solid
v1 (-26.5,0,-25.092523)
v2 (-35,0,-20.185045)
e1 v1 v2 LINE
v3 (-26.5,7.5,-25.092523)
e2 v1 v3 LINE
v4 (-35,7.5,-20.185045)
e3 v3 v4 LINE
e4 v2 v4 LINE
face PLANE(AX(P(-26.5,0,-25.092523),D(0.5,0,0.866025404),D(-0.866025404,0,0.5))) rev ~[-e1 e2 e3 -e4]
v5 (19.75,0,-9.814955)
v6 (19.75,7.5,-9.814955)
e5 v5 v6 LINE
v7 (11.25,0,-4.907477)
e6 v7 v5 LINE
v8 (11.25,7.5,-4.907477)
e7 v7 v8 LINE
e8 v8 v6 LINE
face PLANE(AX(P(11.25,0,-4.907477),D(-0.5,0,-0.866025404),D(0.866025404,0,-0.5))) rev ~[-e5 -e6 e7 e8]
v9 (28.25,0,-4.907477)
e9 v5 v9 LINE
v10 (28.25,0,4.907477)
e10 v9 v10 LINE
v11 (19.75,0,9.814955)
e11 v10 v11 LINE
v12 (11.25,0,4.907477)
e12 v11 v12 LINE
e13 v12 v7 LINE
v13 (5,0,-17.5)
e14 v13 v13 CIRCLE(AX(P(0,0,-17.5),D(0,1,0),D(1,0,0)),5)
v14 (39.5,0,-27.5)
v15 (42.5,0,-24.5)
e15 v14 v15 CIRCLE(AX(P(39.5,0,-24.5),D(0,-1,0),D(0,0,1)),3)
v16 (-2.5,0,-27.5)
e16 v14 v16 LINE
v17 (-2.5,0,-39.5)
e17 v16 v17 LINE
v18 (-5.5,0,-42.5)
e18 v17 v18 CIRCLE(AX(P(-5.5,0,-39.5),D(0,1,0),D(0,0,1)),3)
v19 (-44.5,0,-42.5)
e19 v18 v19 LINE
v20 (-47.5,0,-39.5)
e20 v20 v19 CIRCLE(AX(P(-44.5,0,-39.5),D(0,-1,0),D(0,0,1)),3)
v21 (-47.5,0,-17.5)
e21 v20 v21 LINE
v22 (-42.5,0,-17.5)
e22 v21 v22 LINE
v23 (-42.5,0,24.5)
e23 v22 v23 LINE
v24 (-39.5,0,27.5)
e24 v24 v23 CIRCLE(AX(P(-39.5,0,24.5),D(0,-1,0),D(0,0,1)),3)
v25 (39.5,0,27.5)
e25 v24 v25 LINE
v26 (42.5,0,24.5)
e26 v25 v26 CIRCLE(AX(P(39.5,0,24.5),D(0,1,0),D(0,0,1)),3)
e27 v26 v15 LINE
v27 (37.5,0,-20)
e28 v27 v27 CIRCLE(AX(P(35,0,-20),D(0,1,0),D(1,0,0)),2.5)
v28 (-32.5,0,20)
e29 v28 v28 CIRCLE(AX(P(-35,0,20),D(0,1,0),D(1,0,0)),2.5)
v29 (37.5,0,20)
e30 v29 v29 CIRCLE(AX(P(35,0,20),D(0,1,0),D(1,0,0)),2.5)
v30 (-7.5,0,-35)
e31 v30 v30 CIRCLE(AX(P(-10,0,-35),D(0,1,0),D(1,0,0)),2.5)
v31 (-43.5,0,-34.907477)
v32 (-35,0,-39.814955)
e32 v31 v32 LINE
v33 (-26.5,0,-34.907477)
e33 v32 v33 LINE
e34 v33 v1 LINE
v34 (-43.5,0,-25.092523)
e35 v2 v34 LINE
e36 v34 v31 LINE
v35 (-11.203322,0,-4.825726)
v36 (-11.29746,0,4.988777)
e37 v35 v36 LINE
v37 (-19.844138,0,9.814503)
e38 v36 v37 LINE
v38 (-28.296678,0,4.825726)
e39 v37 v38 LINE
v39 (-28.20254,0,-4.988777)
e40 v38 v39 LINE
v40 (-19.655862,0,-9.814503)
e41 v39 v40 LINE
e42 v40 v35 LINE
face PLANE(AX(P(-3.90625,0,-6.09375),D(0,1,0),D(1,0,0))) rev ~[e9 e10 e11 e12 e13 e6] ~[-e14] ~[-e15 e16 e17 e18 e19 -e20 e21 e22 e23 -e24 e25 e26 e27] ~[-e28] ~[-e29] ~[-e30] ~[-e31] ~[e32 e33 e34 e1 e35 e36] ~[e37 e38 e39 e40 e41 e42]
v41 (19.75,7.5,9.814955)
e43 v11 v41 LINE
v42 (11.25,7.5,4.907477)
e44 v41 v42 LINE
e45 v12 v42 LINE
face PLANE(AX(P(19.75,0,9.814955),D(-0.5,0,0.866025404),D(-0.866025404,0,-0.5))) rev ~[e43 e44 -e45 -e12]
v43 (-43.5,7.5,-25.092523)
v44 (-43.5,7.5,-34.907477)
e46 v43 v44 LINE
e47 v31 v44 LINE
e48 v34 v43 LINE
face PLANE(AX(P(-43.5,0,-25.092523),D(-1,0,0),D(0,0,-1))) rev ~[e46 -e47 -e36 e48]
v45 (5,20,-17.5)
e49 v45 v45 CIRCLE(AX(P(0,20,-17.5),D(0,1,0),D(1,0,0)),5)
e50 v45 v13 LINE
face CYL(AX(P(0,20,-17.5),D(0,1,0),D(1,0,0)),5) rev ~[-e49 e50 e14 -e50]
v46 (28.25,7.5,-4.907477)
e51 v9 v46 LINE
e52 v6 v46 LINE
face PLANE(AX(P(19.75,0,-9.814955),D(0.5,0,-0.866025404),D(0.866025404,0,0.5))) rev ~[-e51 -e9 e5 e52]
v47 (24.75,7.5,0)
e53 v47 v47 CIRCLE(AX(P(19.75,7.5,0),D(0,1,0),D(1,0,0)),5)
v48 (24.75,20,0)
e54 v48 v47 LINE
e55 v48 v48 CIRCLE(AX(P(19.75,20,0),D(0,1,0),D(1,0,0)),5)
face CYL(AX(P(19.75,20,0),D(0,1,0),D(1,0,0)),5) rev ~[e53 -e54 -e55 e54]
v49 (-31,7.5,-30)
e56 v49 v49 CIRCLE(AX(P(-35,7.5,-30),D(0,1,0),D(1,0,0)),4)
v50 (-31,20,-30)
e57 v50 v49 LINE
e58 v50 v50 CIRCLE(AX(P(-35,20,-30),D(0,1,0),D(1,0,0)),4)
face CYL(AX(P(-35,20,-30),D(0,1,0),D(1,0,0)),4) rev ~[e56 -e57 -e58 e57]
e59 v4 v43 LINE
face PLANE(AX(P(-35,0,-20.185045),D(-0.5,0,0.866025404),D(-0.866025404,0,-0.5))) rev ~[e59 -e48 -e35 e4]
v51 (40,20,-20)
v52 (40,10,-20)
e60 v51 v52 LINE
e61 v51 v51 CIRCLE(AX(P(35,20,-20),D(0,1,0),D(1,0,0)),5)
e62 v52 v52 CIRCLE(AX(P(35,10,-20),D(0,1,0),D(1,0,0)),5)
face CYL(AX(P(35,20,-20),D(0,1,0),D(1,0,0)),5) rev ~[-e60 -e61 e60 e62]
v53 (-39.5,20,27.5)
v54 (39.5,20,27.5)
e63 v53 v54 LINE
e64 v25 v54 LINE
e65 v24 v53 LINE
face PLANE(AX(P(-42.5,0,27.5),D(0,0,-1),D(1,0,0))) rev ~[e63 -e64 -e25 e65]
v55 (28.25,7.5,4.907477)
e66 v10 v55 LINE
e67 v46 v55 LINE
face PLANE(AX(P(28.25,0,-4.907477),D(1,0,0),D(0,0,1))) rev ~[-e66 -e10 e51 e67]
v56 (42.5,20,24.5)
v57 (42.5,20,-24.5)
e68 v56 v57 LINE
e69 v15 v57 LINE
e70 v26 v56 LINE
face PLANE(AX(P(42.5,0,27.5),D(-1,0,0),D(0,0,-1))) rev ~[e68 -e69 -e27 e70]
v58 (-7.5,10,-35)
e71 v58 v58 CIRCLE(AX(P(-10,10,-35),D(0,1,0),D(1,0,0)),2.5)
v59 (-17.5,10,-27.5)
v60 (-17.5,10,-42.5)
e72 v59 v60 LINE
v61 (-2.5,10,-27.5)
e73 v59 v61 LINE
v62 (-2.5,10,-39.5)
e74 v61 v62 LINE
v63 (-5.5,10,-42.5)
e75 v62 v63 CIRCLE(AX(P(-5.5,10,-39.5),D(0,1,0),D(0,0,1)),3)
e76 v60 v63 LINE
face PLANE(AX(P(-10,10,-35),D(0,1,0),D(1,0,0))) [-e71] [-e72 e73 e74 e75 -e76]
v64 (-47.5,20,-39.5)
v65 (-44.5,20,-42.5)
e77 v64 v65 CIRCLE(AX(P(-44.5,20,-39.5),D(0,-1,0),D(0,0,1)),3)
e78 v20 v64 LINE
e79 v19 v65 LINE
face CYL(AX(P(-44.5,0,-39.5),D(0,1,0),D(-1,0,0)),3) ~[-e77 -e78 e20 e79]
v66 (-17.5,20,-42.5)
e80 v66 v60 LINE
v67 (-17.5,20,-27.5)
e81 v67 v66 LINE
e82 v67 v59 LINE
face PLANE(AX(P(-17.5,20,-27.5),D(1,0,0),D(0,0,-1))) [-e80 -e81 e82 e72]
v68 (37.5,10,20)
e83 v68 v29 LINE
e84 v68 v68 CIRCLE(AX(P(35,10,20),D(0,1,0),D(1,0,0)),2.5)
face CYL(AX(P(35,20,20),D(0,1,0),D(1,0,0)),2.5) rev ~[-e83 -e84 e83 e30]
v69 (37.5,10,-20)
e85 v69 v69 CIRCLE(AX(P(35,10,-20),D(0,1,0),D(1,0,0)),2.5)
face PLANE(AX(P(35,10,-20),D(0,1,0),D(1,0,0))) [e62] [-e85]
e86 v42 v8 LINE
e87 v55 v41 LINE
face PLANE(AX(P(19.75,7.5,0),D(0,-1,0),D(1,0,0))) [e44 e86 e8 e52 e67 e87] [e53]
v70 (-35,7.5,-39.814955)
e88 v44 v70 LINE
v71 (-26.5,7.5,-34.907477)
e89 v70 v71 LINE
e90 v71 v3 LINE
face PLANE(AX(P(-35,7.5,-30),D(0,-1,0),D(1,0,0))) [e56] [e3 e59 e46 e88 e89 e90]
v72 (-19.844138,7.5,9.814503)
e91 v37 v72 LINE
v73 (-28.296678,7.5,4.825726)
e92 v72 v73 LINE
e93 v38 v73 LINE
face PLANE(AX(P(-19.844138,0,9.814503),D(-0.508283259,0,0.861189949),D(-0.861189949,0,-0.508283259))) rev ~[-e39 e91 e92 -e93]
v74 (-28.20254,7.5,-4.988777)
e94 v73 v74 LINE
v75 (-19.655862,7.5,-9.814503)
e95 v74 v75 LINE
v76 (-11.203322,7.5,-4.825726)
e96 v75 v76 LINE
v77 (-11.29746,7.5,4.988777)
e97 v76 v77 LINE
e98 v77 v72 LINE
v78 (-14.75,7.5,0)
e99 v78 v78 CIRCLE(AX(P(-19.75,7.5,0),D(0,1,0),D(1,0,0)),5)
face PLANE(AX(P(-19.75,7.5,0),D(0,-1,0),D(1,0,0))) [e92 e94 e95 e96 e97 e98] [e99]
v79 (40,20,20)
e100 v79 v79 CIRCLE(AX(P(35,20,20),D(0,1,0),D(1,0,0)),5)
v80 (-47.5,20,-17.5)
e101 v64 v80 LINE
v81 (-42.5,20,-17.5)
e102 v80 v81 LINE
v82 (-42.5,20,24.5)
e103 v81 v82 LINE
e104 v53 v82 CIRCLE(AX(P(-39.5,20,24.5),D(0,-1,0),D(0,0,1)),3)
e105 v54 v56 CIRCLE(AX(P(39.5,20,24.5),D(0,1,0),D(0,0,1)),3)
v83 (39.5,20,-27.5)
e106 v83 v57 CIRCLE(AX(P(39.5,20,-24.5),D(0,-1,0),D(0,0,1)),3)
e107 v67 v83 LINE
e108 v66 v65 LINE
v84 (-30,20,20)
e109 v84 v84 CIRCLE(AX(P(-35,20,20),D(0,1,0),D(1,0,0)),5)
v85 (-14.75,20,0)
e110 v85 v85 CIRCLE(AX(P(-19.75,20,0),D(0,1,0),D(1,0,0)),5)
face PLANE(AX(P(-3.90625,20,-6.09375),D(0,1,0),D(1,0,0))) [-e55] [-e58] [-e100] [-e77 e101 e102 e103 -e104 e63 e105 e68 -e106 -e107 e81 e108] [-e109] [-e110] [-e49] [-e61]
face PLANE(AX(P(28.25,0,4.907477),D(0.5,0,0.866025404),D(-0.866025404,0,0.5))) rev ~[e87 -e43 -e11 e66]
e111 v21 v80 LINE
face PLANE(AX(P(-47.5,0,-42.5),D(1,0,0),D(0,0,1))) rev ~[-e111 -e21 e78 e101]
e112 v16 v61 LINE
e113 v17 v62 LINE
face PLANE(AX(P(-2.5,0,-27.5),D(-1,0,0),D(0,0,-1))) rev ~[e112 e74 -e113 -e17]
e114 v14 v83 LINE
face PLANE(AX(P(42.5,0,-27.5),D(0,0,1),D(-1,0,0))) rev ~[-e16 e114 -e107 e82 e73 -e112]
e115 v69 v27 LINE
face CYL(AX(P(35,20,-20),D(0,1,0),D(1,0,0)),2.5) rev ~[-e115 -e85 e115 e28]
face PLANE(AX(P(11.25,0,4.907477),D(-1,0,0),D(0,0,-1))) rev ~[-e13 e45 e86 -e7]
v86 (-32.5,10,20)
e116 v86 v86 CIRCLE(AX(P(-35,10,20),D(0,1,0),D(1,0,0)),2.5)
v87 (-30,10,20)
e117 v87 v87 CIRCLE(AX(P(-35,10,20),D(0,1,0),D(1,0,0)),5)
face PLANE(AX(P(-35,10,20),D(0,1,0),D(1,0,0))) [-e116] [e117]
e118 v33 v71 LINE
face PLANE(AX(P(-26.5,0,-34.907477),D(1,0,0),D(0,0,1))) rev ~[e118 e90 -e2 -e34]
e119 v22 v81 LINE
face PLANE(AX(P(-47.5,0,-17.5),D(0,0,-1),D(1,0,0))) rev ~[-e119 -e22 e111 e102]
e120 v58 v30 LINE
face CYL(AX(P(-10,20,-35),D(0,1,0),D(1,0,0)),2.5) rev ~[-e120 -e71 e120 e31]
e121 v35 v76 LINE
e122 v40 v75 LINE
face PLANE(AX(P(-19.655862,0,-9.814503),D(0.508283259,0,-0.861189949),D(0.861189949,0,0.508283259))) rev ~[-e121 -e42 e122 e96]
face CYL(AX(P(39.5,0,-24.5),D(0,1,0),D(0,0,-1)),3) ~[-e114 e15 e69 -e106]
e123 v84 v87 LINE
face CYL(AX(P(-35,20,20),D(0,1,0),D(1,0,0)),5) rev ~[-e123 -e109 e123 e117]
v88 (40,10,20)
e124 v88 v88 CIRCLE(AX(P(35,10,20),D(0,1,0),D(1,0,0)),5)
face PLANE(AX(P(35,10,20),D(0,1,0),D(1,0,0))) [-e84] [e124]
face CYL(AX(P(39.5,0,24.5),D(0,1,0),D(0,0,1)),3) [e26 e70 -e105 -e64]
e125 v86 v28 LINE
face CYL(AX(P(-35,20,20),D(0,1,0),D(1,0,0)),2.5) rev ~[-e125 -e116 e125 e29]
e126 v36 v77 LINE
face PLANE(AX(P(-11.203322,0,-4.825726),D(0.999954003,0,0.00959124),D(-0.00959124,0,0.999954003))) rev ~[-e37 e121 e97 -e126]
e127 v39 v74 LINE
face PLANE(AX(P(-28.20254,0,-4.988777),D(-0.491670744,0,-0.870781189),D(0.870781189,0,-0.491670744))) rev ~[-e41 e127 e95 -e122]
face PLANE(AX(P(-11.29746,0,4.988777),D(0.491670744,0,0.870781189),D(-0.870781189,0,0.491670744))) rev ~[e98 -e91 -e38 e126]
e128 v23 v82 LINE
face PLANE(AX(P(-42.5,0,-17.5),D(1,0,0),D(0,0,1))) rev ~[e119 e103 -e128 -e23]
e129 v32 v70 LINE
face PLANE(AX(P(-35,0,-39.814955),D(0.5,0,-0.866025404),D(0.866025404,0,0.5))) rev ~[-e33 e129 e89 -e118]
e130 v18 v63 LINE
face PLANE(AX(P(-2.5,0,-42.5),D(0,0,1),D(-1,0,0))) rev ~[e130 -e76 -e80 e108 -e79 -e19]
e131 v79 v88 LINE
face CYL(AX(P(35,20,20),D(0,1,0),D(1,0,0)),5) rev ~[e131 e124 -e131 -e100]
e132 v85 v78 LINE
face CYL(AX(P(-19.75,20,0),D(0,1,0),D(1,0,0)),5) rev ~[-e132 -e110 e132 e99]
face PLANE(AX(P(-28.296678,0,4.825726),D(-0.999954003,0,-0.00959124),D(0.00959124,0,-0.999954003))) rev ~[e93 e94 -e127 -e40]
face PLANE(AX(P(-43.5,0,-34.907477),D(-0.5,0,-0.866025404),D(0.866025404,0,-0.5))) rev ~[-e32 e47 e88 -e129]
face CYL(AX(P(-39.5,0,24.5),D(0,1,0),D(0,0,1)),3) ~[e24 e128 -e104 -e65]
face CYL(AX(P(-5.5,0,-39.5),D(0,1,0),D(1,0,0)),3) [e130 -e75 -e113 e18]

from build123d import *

# Parameters (mm, degrees)
SALIENTE_EXTRUIR1_DEPTH = 20
CROQUIS2_R              = 2.5
CROQUIS2_R_2            = 5
CORTAR_EXTRUIR1_DEPTH   = 20
CROQUIS3_R              = 4
CROQUIS3_R_2            = 5
CORTAR_EXTRUIR2_DEPTH   = 20
CORTAR_EXTRUIR3_DEPTH   = 7.5
CROQUIS5_R              = 5
CROQUIS5_W              = 15
CROQUIS5_H              = 15
CORTAR_EXTRUIR4_DEPTH   = 10
REDONDEO1_R             = 3


with BuildPart() as part:
    # Croquis1 → Saliente-Extruir1 (new body)
    with BuildSketch(Plane(origin=(0, 0, 0), x_dir=(1, 0, 0), z_dir=(0, 1, 0))):
        Polygon((-2.5, 27.5), (-2.5, 42.5), (-47.5, 42.5), (-47.5, 17.5), (-42.5, 17.5), (-42.5, -27.5), (42.5, -27.5), (42.5, 27.5), align=None)
    extrude(amount=SALIENTE_EXTRUIR1_DEPTH)

    # Croquis2 → Cortar-Extruir1 (cut)
    with BuildSketch(Plane(origin=(0, 20, 0), x_dir=(1, 0, 0), z_dir=(0, 1, 0))):
        with Locations((35, 20)):
            Circle(CROQUIS2_R)
        with Locations((35, -20)):
            Circle(CROQUIS2_R)
        with Locations((-35, -20)):
            Circle(CROQUIS2_R)
        with Locations((-10, 35)):
            Circle(CROQUIS2_R)
        with Locations((-19.75, 0)):
            Circle(CROQUIS2_R_2)
        with Locations((19.75, 0)):
            Circle(CROQUIS2_R_2)
    extrude(amount=-CORTAR_EXTRUIR1_DEPTH, mode=Mode.SUBTRACT)

    # Croquis3 → Cortar-Extruir2 (cut)
    with BuildSketch(Plane(origin=(0, 20, 0), x_dir=(1, 0, 0), z_dir=(0, 1, 0))):
        with Locations((-35, 30)):
            Circle(CROQUIS3_R)
        with Locations((0, 17.5)):
            Circle(CROQUIS3_R_2)
    extrude(amount=-CORTAR_EXTRUIR2_DEPTH, mode=Mode.SUBTRACT)

    # Croquis4 → Cortar-Extruir3 (cut)
    with BuildSketch(Plane.XZ):
        Polygon((19.75, -9.814954576), (28.25, -4.907477288), (28.25, 4.907477288), (19.75, 9.814954576), (11.25, 4.907477288), (11.25, -4.907477288), align=None)
        Polygon((-19.655862416, -9.814503118), (-11.203322183, -4.82572602), (-11.297459766, 4.988777098), (-19.844137584, 9.814503118), (-28.296677817, 4.82572602), (-28.202540234, -4.988777098), align=None)
        Polygon((-35, -39.814954576), (-26.5, -34.907477288), (-26.5, -25.092522712), (-35, -20.185045424), (-43.5, -25.092522712), (-43.5, -34.907477288), align=None)
    extrude(amount=-CORTAR_EXTRUIR3_DEPTH, mode=Mode.SUBTRACT)

    # Croquis5 → Cortar-Extruir4 (cut)
    with BuildSketch(Plane(origin=(0, 20, 0), x_dir=(1, 0, 0), z_dir=(0, 1, 0))):
        with Locations((-35, -20)):
            Circle(CROQUIS5_R)
        with Locations((35, -20)):
            Circle(CROQUIS5_R)
        with Locations((35, 20)):
            Circle(CROQUIS5_R)
        with Locations((-10, 35)):
            Rectangle(CROQUIS5_W, CROQUIS5_H)
    extrude(amount=-CORTAR_EXTRUIR4_DEPTH, mode=Mode.SUBTRACT)

    # Redondeo1
    redondeo1_edges = [part.edges().sort_by_distance(p)[0] for p in [
        (-2.5, 5, -42.5),
        (42.5, 10, 27.5),
        (-42.5, 10, 27.5),
        (-47.5, 10, -42.5),
        (42.5, 10, -27.5),
    ]]
    fillet(redondeo1_edges, radius=REDONDEO1_R)


solid = part.part
